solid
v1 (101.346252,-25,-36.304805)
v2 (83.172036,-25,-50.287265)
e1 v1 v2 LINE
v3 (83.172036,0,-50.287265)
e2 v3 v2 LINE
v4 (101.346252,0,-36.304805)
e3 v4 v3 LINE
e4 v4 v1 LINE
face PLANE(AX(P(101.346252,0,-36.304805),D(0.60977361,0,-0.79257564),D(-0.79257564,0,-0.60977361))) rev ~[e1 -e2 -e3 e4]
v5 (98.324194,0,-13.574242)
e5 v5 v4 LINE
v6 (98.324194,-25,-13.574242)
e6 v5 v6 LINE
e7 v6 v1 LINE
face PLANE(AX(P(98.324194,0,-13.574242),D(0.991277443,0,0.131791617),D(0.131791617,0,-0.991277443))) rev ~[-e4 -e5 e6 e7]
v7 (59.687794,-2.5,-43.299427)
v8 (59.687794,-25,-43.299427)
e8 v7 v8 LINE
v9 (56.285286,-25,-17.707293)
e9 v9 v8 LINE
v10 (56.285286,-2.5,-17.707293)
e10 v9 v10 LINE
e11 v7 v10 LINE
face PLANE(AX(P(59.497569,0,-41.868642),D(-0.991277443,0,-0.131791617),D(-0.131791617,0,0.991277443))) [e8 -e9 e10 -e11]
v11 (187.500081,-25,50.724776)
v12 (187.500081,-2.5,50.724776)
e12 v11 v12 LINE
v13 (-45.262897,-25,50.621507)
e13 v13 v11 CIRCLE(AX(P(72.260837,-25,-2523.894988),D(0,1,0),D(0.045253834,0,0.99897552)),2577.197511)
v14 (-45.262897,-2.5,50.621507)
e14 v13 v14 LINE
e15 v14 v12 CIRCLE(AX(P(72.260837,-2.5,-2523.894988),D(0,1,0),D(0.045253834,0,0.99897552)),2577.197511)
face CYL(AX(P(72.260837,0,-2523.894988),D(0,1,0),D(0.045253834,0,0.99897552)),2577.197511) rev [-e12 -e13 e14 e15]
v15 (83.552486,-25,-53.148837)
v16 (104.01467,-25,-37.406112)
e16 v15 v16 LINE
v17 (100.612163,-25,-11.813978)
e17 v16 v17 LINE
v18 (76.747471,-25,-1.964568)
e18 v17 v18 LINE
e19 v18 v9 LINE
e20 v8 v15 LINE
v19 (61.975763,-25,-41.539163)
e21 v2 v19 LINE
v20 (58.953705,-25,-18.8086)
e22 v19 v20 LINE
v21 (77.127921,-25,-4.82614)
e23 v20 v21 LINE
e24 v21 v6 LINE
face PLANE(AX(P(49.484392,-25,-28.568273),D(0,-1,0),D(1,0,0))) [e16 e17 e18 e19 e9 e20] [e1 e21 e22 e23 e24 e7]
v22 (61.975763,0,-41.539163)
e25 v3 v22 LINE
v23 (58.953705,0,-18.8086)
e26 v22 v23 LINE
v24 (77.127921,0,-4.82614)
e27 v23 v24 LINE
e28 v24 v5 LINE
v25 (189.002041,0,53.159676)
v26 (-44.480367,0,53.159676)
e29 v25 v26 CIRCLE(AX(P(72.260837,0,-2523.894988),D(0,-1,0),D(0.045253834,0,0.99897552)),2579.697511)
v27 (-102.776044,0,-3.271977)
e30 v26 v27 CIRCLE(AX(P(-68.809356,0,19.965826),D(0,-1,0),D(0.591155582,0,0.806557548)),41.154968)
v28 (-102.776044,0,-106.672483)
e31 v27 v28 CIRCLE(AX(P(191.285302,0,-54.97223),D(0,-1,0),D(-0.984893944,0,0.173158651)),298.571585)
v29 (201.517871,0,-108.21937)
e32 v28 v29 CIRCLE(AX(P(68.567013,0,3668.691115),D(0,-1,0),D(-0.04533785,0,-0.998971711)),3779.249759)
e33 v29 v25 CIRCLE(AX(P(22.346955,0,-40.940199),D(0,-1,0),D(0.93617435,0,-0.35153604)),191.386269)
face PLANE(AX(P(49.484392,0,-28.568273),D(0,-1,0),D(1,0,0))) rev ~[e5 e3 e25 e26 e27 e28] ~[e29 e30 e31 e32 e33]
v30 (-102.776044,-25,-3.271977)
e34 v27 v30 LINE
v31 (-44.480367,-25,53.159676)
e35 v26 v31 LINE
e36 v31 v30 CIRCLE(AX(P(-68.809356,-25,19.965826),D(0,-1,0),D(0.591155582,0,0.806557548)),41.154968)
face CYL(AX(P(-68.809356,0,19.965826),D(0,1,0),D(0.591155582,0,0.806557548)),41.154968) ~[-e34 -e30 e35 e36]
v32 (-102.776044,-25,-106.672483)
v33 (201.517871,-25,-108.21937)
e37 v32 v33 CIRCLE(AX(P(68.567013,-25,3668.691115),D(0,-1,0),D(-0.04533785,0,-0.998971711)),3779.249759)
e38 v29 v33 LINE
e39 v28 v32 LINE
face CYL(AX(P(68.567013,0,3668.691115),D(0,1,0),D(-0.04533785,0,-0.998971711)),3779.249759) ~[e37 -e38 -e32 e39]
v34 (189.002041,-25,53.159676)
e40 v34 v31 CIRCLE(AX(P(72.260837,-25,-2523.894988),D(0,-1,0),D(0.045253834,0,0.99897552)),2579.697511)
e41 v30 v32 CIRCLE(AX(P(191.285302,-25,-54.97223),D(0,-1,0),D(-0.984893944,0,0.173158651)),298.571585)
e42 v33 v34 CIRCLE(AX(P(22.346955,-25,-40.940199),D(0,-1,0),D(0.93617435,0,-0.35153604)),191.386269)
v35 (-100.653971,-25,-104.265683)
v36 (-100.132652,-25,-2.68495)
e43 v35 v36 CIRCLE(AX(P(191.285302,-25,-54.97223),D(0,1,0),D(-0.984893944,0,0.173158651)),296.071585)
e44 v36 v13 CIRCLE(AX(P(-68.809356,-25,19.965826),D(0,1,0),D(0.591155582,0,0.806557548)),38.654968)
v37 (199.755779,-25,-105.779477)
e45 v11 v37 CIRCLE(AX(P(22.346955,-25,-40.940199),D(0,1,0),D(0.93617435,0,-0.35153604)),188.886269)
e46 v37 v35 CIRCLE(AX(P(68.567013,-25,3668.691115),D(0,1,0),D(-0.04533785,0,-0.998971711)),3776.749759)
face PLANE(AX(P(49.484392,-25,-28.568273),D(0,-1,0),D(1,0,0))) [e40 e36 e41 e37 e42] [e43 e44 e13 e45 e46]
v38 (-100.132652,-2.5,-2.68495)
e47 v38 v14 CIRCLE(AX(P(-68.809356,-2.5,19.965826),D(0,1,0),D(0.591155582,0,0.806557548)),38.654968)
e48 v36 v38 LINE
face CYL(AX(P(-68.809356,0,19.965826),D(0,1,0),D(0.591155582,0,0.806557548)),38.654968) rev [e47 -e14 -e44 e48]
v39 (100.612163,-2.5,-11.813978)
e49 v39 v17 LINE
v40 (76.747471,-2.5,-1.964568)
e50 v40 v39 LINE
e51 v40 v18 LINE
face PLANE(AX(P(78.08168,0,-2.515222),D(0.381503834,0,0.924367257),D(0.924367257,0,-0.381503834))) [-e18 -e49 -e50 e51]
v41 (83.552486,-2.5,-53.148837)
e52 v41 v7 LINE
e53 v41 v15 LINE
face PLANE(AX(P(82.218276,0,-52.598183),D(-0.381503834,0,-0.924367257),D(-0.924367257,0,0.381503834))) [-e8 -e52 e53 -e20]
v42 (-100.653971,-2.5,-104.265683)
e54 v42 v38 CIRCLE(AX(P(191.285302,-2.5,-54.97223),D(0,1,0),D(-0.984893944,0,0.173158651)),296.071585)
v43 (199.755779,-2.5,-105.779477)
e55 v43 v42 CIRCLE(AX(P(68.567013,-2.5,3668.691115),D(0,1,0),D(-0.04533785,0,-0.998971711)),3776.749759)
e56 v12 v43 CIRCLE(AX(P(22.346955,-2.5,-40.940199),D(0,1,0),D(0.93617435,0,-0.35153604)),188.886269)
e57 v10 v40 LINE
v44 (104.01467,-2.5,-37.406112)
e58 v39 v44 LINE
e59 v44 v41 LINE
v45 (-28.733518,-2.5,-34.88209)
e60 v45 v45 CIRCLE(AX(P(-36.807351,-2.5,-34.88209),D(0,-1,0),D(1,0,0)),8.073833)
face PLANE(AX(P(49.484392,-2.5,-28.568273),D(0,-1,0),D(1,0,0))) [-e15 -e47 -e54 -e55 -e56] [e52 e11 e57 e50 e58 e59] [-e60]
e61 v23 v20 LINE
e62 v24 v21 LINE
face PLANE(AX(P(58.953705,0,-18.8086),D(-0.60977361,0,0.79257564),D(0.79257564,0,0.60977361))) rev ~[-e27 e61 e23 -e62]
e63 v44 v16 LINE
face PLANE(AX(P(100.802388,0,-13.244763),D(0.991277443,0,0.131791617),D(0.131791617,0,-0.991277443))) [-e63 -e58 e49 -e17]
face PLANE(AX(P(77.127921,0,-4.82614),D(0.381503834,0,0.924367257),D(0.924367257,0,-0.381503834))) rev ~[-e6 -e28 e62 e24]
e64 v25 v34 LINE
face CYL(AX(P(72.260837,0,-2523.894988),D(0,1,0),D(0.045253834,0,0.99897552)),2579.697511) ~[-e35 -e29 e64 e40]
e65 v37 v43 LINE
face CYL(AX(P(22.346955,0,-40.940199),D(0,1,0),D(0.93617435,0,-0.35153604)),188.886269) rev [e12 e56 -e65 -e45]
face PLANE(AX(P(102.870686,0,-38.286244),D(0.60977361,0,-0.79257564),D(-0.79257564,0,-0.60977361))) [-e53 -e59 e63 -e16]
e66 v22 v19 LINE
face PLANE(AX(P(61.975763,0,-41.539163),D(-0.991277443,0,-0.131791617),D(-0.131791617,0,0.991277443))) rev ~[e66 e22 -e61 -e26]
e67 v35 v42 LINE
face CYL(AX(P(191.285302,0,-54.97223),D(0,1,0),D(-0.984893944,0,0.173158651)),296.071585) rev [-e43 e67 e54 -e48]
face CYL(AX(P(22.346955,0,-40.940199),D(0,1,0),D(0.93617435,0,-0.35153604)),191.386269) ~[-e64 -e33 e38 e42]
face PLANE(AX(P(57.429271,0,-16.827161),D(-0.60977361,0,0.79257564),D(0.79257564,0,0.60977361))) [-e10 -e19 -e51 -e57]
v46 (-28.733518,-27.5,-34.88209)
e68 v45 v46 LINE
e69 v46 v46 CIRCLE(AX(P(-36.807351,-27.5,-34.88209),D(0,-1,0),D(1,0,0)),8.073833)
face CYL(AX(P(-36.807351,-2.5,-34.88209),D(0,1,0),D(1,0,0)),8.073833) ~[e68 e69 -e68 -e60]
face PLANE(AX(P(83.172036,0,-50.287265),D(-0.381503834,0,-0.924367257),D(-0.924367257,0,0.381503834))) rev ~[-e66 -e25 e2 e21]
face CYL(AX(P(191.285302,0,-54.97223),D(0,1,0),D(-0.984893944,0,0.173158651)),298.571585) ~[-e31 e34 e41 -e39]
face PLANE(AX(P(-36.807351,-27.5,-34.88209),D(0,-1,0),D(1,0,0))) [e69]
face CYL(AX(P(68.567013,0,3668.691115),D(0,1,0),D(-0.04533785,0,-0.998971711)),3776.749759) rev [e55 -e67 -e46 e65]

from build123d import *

# Parameters (mm, degrees)
F1_DEPTH = 25
F2_T     = -2.5
F3_R     = 8.0738328397
F4_DEPTH = 25


with BuildPart() as f1:
    # F0 (on Front) → F1 (new body)
    with BuildSketch(Plane.XZ):
        with BuildLine():
            ThreePointArc((-102.7760443896, -106.6724830235), (49.3553380224, -110.5098127391), (201.5178711407, -108.2193697847))
            ThreePointArc((201.5178711407, -108.2193697847), (213.1602276304, -26.1415825476), (189.002040682, 53.1596761167))
            ThreePointArc((189.002040682, 53.1596761167), (72.260836705, 55.8025234443), (-44.4803672719, 53.1596761167))
            ThreePointArc((-44.4803672719, 53.1596761167), (-97.433719622, 49.5356960569), (-102.7760443896, -3.2719768957))
            ThreePointArc((-102.7760443896, -3.2719768957), (-107.2862833974, -54.9722299596), (-102.7760443896, -106.6724830235))
        make_face()
        Polygon((58.9537048383, -18.80859987), (77.1279207266, -4.826139813), (98.3241942876, -13.5742424376), (101.3462519602, -36.3048051192), (83.1720360719, -50.2872651763), (61.975762511, -41.5391625517), align=None, mode=Mode.SUBTRACT)
    extrude(amount=F1_DEPTH)

    # F2
    f2_openings = [f1.faces().sort_by_distance(p)[0] for p in [
        (49.796749, -25, -27.587864),
    ]]
    offset(amount=F2_T, openings=f2_openings, kind=Kind.INTERSECTION)

    # F3 (on face) → F4 (join)
    with BuildSketch(Plane.XZ.offset(2.5)):
        with Locations((-36.8073508143, -34.8820904728)):
            Circle(F3_R)
    extrude(amount=F4_DEPTH)


solid = f1.part
